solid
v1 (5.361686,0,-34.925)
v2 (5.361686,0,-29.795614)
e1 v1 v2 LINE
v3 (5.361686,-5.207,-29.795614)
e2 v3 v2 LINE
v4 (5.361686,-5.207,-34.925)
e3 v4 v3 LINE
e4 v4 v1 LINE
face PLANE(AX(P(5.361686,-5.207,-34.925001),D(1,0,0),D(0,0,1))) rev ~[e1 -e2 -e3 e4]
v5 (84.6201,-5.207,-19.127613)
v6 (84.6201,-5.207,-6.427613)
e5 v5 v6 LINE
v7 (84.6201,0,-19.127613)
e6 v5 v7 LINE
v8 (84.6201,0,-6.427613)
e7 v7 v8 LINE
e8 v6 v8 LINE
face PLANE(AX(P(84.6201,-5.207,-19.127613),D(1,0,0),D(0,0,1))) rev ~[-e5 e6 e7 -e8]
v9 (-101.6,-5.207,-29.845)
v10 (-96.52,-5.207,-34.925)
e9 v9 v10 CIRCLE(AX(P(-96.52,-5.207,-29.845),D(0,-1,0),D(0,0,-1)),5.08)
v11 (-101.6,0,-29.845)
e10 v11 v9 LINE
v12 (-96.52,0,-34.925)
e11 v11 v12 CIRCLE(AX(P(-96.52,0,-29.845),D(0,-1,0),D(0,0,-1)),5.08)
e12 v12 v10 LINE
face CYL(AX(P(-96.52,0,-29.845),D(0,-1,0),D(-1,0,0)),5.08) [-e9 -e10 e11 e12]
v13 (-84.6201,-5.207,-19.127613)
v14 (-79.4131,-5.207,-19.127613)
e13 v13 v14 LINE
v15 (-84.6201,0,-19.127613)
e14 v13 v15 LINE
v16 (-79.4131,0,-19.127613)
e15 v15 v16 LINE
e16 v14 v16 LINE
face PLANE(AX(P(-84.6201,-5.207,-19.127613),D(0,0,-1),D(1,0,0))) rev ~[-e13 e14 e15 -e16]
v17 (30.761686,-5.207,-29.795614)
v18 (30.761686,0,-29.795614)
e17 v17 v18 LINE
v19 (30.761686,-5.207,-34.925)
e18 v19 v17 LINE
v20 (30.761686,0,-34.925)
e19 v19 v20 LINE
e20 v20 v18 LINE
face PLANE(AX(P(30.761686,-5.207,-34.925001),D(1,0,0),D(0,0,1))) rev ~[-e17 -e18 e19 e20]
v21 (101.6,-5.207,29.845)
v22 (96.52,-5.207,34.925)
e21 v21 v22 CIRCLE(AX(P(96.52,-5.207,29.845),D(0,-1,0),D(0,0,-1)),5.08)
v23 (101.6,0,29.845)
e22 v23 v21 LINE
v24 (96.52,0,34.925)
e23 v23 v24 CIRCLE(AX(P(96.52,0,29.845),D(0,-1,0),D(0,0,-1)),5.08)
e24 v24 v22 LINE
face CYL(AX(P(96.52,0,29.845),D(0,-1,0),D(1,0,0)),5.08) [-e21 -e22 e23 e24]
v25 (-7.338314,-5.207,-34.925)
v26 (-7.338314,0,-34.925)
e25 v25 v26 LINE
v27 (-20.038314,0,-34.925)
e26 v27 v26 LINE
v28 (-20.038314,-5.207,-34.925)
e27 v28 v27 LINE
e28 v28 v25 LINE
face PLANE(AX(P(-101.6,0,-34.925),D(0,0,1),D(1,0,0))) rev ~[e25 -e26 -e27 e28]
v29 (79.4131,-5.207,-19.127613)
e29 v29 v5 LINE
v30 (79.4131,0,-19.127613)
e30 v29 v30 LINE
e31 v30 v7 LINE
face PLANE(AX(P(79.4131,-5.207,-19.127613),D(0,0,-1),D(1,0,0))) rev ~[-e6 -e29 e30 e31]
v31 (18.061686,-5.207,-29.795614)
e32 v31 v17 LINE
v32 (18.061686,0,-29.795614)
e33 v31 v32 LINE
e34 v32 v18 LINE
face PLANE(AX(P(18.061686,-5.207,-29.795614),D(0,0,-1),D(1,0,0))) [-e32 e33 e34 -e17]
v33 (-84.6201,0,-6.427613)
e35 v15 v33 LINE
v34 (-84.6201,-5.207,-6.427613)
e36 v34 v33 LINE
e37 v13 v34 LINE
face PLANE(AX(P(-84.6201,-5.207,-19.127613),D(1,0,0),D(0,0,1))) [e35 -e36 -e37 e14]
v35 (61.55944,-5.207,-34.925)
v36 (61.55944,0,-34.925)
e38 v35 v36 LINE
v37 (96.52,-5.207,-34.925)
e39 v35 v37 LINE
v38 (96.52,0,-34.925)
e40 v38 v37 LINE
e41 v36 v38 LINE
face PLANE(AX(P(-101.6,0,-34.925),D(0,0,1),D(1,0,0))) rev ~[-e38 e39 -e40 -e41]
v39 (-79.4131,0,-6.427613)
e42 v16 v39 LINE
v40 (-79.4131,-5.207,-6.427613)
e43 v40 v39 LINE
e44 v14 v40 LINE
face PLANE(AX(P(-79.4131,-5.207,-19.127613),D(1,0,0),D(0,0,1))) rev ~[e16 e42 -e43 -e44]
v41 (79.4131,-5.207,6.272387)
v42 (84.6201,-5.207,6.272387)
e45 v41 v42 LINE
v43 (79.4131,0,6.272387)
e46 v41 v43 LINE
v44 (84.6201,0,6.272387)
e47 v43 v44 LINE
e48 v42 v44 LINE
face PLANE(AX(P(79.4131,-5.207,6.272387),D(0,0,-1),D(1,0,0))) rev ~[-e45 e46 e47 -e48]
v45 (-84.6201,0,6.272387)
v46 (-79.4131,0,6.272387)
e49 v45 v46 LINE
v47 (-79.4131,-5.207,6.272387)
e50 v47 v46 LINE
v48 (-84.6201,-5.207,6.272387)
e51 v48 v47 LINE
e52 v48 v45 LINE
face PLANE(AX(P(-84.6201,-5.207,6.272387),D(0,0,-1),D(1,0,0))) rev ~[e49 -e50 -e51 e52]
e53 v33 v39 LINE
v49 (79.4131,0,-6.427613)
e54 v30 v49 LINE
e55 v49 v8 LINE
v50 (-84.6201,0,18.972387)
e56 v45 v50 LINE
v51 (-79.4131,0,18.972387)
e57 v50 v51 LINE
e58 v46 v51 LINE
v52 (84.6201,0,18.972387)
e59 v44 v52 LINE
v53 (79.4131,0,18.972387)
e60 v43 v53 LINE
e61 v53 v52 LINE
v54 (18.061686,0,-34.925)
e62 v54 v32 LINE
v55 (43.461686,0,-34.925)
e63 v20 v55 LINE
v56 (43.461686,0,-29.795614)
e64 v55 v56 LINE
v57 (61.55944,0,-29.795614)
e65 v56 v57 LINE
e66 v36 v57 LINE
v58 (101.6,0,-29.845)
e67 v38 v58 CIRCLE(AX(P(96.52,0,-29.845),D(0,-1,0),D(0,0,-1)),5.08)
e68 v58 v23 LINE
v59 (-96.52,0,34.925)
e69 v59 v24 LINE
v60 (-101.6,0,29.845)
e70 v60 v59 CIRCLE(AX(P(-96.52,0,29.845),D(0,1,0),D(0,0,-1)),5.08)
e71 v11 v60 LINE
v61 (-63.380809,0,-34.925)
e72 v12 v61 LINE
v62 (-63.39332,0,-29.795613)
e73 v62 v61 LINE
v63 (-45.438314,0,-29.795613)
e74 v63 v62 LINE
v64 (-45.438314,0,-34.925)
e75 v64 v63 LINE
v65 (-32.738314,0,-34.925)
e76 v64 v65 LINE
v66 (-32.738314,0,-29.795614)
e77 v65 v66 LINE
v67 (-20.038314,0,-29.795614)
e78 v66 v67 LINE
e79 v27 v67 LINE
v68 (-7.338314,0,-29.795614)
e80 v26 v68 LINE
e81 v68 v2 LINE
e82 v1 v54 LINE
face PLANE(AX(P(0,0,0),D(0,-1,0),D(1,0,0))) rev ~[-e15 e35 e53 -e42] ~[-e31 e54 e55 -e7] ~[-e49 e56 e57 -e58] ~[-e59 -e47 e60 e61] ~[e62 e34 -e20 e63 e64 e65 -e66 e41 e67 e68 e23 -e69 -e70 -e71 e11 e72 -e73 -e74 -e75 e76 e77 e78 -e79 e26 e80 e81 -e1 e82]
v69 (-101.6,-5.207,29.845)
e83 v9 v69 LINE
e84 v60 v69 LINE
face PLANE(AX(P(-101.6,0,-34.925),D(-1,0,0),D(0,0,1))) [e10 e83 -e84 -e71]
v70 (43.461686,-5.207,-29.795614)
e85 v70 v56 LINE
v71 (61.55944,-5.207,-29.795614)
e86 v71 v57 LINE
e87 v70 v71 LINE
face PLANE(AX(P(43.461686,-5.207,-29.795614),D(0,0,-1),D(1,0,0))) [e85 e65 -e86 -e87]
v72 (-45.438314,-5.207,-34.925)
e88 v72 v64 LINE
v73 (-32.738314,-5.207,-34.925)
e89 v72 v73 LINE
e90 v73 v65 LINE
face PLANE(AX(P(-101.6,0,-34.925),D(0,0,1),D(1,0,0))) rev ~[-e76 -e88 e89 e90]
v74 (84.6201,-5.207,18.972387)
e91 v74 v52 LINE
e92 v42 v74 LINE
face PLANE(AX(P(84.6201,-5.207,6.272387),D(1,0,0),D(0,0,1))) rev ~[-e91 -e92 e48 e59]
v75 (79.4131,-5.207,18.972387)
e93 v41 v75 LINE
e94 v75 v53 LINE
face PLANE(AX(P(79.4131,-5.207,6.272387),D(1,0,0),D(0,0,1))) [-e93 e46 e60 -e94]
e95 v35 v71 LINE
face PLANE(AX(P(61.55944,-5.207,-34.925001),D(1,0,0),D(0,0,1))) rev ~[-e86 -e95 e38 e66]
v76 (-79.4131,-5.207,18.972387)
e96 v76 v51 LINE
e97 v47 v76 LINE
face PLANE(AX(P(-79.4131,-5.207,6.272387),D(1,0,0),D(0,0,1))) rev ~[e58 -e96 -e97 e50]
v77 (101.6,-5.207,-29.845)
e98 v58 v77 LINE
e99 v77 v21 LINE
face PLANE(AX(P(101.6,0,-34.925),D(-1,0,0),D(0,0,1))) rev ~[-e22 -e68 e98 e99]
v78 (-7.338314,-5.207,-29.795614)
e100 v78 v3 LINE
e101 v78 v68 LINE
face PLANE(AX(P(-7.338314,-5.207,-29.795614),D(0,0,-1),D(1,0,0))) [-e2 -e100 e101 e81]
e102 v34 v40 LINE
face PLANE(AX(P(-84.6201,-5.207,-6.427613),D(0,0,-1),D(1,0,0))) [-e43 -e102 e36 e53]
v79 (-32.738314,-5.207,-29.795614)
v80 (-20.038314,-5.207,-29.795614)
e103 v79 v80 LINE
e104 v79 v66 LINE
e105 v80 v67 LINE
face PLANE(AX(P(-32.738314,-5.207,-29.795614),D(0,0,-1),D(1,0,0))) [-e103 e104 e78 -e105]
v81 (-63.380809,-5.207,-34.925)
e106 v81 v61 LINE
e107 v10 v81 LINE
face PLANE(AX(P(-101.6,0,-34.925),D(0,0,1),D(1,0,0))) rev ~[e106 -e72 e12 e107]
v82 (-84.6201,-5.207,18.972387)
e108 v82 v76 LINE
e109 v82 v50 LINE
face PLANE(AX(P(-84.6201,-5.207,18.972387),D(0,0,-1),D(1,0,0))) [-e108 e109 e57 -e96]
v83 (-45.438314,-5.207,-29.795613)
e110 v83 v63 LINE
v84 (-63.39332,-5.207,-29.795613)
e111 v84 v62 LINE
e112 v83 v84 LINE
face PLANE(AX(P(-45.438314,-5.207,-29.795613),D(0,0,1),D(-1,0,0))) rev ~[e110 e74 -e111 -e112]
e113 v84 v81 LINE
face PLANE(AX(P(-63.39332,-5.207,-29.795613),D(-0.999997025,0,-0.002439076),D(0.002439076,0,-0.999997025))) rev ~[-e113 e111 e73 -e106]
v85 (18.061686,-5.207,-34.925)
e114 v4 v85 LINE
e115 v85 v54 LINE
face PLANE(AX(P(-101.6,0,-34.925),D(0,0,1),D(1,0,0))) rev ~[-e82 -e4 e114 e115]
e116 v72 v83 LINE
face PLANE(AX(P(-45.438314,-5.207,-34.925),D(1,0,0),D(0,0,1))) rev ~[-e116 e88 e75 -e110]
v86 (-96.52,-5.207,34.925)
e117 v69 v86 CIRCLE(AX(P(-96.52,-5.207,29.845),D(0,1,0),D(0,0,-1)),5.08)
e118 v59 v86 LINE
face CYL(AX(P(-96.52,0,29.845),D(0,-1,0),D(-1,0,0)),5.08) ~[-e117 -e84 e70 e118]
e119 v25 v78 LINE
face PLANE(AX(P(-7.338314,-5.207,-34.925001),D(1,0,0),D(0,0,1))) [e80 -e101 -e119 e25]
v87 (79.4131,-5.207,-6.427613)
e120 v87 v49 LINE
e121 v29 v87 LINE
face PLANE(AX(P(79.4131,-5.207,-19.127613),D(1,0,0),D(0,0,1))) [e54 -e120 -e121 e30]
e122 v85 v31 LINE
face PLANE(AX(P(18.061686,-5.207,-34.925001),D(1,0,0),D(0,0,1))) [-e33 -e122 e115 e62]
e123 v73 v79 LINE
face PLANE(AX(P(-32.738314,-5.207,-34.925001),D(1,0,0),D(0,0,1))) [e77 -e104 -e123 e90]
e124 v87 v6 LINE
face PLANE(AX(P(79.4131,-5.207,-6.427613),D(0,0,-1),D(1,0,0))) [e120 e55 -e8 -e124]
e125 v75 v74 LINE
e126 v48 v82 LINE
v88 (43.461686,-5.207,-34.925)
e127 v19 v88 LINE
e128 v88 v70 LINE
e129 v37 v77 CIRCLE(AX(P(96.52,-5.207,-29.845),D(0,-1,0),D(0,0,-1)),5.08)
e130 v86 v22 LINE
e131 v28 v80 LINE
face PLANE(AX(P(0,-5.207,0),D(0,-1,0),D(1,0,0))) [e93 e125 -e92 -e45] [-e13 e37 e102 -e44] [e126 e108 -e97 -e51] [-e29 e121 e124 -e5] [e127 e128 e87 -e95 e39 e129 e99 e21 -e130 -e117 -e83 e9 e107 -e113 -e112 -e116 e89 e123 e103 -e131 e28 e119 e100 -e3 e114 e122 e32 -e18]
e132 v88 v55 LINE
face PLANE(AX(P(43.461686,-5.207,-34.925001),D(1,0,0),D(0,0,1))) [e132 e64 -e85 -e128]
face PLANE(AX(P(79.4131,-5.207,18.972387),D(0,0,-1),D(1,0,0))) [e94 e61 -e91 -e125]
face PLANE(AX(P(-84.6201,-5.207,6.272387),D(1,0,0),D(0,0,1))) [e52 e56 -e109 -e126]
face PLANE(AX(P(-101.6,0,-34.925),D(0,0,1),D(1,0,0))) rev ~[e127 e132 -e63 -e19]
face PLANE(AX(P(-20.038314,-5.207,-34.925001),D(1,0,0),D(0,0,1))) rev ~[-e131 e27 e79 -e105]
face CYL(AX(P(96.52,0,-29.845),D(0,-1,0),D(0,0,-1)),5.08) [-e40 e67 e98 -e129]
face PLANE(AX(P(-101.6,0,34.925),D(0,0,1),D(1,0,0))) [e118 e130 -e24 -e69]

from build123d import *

# Parameters (mm, degrees)
F0_W     = 203.2
F0_H     = 69.85
F1_DEPTH = 5.207
F2_R     = 5.08
F3_W     = 5.207
F3_H     = 12.7
F3_W_2   = 12.7
F3_H_2   = 5.129387
F3_W_3   = 18.097754
F4_DEPTH = 5.208


with BuildPart() as f1:
    # F0 (on Front) → F1 (new body)
    with BuildSketch(Plane.XZ):
        Rectangle(F0_W, F0_H)
    extrude(amount=F1_DEPTH)

    # F2
    f2_edges = [f1.edges().sort_by_distance(p)[0] for p in [
        (-101.6, -2.6035, 34.925),
        (-101.6, -2.6035, -34.925),
        (101.6, -2.6035, -34.925),
        (101.6, -2.6035, 34.925),
    ]]
    fillet(f2_edges, radius=F2_R)

    # F3 (on face) → F4 (cut, through all)
    with BuildSketch(Plane.XZ.offset(5.207)):
        with Locations((-82.0166, 12.622387)):
            Rectangle(F3_W, F3_H)
        with Locations((-82.0166, -12.777613)):
            Rectangle(F3_W, F3_H)
        Polygon((-63.380809, -34.925), (-45.438314, -34.925), (-45.438314, -29.795613), (-63.39332, -29.795613), align=None)
        with Locations((-26.388314, -32.360307)):
            Rectangle(F3_W_2, F3_H_2)
        with Locations((-0.988314, -32.360307)):
            Rectangle(F3_W_2, F3_H_2)
        with Locations((24.411686, -32.360307)):
            Rectangle(F3_W_2, F3_H_2)
        with Locations((52.510563, -32.360307)):
            Rectangle(F3_W_3, F3_H_2)
        with Locations((82.0166, -12.777613)):
            Rectangle(F3_W, F3_H)
        with Locations((82.0166, 12.622387)):
            Rectangle(F3_W, F3_H)
    extrude(amount=-F4_DEPTH, mode=Mode.SUBTRACT)


solid = f1.part
